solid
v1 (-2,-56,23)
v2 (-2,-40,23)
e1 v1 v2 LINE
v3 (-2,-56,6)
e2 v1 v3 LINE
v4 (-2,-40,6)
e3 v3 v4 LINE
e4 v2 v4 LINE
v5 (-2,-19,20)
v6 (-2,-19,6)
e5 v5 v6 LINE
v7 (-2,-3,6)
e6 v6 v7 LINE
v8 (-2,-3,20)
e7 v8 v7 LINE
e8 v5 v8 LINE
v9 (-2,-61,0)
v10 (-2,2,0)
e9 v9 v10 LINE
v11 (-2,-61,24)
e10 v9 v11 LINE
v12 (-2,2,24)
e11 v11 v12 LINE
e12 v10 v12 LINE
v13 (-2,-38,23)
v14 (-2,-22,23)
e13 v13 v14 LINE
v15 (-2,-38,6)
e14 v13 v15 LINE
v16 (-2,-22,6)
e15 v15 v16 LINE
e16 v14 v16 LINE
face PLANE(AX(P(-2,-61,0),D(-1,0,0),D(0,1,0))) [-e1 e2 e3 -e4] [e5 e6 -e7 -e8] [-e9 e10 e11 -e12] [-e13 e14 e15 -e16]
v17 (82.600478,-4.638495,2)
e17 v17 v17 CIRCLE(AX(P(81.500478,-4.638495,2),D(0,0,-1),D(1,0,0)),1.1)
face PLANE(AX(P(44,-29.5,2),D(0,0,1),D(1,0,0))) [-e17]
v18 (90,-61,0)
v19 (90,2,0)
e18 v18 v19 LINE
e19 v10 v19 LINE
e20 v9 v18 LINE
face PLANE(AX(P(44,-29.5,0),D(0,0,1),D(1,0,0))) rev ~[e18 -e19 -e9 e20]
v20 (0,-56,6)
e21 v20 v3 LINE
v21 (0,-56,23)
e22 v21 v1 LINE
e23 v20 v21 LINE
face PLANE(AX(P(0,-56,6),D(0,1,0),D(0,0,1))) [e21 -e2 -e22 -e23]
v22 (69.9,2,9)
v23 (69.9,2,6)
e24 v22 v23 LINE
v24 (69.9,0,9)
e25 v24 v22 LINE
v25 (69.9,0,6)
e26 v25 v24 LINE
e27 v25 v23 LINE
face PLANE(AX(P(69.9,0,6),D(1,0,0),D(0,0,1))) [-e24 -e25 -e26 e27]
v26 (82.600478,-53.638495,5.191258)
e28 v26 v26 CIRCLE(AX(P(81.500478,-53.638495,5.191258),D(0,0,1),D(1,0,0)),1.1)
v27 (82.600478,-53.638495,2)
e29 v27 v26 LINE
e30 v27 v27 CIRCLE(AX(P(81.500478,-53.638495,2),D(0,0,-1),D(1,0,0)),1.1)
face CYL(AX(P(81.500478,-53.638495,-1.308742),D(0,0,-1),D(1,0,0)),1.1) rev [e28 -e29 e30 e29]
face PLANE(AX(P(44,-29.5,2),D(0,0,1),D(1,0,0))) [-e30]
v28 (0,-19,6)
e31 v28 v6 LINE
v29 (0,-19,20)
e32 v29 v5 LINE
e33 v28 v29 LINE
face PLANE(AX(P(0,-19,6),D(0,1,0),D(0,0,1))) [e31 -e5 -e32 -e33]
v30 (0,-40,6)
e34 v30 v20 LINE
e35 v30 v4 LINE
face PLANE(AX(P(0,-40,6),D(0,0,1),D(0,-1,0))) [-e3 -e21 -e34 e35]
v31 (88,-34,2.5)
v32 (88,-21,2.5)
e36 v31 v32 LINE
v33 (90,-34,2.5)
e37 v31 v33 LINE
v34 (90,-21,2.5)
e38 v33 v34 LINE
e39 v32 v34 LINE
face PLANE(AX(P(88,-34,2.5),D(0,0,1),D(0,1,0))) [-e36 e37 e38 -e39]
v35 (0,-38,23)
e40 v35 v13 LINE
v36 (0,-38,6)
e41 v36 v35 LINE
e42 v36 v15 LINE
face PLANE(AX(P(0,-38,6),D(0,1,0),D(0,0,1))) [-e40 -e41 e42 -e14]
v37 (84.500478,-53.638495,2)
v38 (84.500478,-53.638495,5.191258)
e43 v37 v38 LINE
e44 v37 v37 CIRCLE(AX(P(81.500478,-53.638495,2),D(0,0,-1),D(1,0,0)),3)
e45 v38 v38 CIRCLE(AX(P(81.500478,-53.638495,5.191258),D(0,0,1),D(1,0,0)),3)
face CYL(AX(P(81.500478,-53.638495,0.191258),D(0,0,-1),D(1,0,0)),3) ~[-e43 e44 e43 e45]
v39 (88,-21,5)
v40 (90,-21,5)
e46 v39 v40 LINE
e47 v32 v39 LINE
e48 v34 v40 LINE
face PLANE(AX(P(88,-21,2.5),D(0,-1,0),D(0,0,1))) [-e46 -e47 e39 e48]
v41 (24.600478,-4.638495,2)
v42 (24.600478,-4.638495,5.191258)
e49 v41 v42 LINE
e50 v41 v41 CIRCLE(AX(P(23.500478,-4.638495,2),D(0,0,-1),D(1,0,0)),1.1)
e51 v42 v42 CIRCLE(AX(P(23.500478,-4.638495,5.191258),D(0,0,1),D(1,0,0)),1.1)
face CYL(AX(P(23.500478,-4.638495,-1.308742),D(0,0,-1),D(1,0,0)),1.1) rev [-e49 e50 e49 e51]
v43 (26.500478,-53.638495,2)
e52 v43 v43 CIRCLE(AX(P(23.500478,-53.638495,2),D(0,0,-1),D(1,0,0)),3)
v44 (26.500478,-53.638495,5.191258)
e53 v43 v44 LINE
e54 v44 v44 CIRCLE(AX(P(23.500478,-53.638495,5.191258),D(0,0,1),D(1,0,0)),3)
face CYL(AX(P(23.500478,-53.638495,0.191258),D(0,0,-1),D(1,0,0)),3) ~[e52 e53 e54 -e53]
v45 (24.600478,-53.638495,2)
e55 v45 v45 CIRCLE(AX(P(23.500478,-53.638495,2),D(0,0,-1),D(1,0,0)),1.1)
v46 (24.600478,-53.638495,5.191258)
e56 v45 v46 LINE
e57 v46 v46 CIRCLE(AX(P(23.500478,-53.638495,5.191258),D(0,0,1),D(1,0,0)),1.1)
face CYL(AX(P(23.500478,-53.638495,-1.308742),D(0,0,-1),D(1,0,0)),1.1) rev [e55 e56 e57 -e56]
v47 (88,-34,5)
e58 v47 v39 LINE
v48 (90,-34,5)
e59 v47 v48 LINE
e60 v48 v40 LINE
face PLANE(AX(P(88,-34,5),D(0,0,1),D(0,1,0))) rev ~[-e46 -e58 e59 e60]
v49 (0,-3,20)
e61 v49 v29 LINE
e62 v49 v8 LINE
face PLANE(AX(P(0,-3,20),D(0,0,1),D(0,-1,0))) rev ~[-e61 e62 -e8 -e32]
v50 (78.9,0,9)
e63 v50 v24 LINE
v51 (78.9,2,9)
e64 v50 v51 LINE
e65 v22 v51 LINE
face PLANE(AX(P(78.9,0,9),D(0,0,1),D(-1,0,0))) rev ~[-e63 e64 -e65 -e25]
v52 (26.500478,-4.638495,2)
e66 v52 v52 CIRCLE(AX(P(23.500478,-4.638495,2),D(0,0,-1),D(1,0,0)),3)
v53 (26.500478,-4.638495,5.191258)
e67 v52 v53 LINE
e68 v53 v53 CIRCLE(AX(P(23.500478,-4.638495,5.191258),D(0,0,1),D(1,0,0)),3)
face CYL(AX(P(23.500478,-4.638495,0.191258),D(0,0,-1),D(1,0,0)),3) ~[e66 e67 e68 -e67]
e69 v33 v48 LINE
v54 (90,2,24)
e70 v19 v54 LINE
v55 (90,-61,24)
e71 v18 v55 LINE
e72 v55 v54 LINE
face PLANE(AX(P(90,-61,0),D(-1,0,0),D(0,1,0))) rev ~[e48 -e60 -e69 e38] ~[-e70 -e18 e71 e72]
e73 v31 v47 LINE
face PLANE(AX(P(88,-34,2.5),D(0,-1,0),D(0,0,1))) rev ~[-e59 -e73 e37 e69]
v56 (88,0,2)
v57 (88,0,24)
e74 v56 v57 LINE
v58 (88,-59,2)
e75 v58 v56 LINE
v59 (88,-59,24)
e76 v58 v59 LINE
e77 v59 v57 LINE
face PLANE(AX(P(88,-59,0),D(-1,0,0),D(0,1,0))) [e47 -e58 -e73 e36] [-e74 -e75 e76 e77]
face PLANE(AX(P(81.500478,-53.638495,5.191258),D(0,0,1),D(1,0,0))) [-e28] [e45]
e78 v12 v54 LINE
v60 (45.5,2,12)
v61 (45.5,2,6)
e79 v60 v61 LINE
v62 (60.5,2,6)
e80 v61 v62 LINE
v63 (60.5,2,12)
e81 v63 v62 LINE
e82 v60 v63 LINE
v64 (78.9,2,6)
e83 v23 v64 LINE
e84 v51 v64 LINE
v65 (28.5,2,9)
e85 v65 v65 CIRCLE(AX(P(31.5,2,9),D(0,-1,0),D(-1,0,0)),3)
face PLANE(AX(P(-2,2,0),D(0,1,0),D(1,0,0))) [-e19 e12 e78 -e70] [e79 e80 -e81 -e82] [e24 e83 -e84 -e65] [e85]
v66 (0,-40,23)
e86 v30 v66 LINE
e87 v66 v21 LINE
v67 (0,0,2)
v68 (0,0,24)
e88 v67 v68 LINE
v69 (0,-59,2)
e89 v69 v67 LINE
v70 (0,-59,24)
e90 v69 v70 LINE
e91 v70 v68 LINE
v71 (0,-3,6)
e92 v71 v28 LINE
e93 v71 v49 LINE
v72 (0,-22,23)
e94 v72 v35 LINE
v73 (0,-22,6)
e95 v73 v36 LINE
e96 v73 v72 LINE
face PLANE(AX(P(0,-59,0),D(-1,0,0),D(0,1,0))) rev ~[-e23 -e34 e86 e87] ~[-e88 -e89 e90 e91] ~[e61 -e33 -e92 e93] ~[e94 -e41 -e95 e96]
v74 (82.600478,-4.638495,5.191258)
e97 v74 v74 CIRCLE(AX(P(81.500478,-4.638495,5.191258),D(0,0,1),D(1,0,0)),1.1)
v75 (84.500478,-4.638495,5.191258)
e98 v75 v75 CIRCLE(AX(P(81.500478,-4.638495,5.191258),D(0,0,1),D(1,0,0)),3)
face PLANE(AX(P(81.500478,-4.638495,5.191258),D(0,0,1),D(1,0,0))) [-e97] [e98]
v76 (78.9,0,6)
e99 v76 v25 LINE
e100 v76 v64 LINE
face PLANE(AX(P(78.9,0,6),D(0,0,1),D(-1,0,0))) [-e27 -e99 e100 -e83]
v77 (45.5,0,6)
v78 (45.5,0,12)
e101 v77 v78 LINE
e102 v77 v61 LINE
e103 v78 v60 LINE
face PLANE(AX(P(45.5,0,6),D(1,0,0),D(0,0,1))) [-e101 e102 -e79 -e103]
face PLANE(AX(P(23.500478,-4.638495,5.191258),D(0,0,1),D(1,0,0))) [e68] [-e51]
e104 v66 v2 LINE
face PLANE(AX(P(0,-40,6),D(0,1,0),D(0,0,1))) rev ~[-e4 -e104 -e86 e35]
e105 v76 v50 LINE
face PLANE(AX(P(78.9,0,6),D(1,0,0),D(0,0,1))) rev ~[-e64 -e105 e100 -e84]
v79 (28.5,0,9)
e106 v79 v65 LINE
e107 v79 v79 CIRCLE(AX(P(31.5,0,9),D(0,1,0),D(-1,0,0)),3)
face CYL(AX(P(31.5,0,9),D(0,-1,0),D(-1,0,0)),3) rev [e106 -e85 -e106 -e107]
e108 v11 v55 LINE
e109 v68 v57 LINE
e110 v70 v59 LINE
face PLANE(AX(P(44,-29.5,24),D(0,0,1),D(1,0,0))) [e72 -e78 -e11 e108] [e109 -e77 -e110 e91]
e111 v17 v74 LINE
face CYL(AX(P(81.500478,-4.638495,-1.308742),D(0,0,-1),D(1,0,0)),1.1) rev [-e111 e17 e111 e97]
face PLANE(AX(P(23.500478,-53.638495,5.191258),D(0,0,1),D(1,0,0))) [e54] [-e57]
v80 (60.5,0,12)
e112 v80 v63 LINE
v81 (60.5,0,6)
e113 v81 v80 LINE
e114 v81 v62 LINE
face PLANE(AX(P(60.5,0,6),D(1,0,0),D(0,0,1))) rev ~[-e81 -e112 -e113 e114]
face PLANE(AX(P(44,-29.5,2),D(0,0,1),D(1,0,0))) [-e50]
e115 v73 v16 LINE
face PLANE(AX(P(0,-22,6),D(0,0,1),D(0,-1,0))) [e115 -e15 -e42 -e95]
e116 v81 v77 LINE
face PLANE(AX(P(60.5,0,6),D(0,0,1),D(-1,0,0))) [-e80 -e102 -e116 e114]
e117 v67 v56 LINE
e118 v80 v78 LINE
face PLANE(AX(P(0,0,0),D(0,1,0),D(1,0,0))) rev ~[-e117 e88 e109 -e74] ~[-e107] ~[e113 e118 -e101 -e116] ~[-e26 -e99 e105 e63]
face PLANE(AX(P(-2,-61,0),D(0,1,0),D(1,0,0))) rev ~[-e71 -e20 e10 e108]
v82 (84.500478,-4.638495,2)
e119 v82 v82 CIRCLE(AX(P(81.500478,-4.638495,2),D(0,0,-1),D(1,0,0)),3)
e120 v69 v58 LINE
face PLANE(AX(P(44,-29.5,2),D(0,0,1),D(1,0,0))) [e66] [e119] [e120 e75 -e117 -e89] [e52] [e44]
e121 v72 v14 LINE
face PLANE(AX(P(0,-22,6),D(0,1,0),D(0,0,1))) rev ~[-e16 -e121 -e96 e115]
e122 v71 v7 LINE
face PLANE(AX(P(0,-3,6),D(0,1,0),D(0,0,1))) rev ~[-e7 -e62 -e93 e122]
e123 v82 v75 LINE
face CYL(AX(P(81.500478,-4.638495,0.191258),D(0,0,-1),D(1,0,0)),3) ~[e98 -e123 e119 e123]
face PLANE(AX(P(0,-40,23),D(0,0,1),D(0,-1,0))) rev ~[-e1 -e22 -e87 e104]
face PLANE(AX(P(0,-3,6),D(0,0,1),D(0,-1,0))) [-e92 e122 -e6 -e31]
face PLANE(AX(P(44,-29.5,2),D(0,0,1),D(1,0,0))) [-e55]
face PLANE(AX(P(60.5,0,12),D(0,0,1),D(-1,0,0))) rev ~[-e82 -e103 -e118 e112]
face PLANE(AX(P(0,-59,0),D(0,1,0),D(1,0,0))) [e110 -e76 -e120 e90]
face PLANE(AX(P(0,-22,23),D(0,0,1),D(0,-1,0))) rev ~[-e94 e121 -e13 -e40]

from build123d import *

# Parameters (mm, degrees)
SKETCH006_W   = 13
SKETCH006_H   = 2.5
PAD006_DEPTH  = 3
SKETCH005_R   = 3
SKETCH005_W   = 15
SKETCH005_H   = 6
SKETCH005_W_2 = 9
SKETCH005_H_2 = 3
PAD005_DEPTH  = 3
SKETCH004_W   = 16
SKETCH004_H   = 14
SKETCH004_H_2 = 17
PAD004_DEPTH  = 3
SKETCH003_W   = 92
SKETCH003_H   = 63
SKETCH003_W_2 = 88
SKETCH003_H_2 = 59
PAD003_DEPTH  = 24
SKETCH002_W   = 88
SKETCH002_H   = 59
PAD002_DEPTH  = 2
SKETCH_R      = 1.1
PAD_DEPTH     = 6.5
SKETCH001_R   = 3
PAD001_DEPTH  = 5


with BuildPart() as pad006:
    # Sketch006 → Pad006 (new body)
    with BuildSketch(Plane.YZ.offset(88)):
        with Locations((-27.5, 3.75)):
            Rectangle(SKETCH006_W, SKETCH006_H)
    extrude(amount=PAD006_DEPTH)


with BuildPart() as pad005:
    # Sketch005 → Pad005 (new body)
    with BuildSketch(Plane(origin=(0, 0, 0), x_dir=(-1, 0, 0), z_dir=(0, 1, 0))):
        with Locations((-31.5, 9)):
            Circle(SKETCH005_R)
        with Locations((-53, 9)):
            Rectangle(SKETCH005_W, SKETCH005_H)
        with Locations((-74.4, 7.5)):
            Rectangle(SKETCH005_W_2, SKETCH005_H_2)
    extrude(amount=PAD005_DEPTH)


with BuildPart() as pad004:
    # Sketch004 → Pad004 (new body)
    with BuildSketch(Plane(origin=(0, 0, 0), x_dir=(0, -1, 0), z_dir=(-1, 0, 0))):
        with Locations((11, 13)):
            Rectangle(SKETCH004_W, SKETCH004_H)
        with Locations((30, 14.5)):
            Rectangle(SKETCH004_W, SKETCH004_H_2)
        with Locations((48, 14.5)):
            Rectangle(SKETCH004_W, SKETCH004_H_2)
    extrude(amount=PAD004_DEPTH)


with BuildPart() as cut003:
    # Sketch003 → Pad003 (new body)
    with BuildSketch(Plane.XY):
        with Locations((44, -29.5)):
            Rectangle(SKETCH003_W, SKETCH003_H)
        with Locations((44, -29.5)):
            Rectangle(SKETCH003_W_2, SKETCH003_H_2, mode=Mode.SUBTRACT)
    extrude(amount=PAD003_DEPTH)

    # Cut001: cut Pad004
    add(pad004.part, mode=Mode.SUBTRACT)

    # Cut002: cut Pad005
    add(pad005.part, mode=Mode.SUBTRACT)

    # Cut003: cut Pad006
    add(pad006.part, mode=Mode.SUBTRACT)


with BuildPart() as base:
    # Sketch002 → Pad002 (new body)
    with BuildSketch(Plane.XY):
        with Locations((44, -29.5)):
            Rectangle(SKETCH002_W, SKETCH002_H)
    extrude(amount=PAD002_DEPTH)


with BuildPart() as pad:
    # Sketch → Pad (new body)
    with BuildSketch(Plane.XY.offset(2.5)):
        with Locations((23.5, -3.5)):
            Circle(SKETCH_R)
        with Locations((23.5, -52.5)):
            Circle(SKETCH_R)
        with Locations((81.5, -3.5)):
            Circle(SKETCH_R)
        with Locations((81.5, -52.5)):
            Circle(SKETCH_R)
    extrude(amount=PAD_DEPTH)


with BuildPart() as fusion001:
    # Sketch001 → Pad001 (new body)
    with BuildSketch(Plane.XY.offset(4)):
        with Locations((23.5, -3.5)):
            Circle(SKETCH001_R)
        with Locations((81.5, -3.5)):
            Circle(SKETCH001_R)
        with Locations((81.5, -52.5)):
            Circle(SKETCH001_R)
        with Locations((23.5, -52.5)):
            Circle(SKETCH001_R)
    extrude(amount=PAD001_DEPTH)

    # Cut: cut Pad
    add(pad.part, mode=Mode.SUBTRACT)


with BuildPart() as fusion001_1:
    # Cut placement: moved
    add(fusion001.part.moved(Location((0.000478, -1.138495, -3.808742))))

    # Fusion: union Base
    add(base.part)

    # Fusion001: union Cut003
    add(cut003.part)


solid = fusion001_1.part
